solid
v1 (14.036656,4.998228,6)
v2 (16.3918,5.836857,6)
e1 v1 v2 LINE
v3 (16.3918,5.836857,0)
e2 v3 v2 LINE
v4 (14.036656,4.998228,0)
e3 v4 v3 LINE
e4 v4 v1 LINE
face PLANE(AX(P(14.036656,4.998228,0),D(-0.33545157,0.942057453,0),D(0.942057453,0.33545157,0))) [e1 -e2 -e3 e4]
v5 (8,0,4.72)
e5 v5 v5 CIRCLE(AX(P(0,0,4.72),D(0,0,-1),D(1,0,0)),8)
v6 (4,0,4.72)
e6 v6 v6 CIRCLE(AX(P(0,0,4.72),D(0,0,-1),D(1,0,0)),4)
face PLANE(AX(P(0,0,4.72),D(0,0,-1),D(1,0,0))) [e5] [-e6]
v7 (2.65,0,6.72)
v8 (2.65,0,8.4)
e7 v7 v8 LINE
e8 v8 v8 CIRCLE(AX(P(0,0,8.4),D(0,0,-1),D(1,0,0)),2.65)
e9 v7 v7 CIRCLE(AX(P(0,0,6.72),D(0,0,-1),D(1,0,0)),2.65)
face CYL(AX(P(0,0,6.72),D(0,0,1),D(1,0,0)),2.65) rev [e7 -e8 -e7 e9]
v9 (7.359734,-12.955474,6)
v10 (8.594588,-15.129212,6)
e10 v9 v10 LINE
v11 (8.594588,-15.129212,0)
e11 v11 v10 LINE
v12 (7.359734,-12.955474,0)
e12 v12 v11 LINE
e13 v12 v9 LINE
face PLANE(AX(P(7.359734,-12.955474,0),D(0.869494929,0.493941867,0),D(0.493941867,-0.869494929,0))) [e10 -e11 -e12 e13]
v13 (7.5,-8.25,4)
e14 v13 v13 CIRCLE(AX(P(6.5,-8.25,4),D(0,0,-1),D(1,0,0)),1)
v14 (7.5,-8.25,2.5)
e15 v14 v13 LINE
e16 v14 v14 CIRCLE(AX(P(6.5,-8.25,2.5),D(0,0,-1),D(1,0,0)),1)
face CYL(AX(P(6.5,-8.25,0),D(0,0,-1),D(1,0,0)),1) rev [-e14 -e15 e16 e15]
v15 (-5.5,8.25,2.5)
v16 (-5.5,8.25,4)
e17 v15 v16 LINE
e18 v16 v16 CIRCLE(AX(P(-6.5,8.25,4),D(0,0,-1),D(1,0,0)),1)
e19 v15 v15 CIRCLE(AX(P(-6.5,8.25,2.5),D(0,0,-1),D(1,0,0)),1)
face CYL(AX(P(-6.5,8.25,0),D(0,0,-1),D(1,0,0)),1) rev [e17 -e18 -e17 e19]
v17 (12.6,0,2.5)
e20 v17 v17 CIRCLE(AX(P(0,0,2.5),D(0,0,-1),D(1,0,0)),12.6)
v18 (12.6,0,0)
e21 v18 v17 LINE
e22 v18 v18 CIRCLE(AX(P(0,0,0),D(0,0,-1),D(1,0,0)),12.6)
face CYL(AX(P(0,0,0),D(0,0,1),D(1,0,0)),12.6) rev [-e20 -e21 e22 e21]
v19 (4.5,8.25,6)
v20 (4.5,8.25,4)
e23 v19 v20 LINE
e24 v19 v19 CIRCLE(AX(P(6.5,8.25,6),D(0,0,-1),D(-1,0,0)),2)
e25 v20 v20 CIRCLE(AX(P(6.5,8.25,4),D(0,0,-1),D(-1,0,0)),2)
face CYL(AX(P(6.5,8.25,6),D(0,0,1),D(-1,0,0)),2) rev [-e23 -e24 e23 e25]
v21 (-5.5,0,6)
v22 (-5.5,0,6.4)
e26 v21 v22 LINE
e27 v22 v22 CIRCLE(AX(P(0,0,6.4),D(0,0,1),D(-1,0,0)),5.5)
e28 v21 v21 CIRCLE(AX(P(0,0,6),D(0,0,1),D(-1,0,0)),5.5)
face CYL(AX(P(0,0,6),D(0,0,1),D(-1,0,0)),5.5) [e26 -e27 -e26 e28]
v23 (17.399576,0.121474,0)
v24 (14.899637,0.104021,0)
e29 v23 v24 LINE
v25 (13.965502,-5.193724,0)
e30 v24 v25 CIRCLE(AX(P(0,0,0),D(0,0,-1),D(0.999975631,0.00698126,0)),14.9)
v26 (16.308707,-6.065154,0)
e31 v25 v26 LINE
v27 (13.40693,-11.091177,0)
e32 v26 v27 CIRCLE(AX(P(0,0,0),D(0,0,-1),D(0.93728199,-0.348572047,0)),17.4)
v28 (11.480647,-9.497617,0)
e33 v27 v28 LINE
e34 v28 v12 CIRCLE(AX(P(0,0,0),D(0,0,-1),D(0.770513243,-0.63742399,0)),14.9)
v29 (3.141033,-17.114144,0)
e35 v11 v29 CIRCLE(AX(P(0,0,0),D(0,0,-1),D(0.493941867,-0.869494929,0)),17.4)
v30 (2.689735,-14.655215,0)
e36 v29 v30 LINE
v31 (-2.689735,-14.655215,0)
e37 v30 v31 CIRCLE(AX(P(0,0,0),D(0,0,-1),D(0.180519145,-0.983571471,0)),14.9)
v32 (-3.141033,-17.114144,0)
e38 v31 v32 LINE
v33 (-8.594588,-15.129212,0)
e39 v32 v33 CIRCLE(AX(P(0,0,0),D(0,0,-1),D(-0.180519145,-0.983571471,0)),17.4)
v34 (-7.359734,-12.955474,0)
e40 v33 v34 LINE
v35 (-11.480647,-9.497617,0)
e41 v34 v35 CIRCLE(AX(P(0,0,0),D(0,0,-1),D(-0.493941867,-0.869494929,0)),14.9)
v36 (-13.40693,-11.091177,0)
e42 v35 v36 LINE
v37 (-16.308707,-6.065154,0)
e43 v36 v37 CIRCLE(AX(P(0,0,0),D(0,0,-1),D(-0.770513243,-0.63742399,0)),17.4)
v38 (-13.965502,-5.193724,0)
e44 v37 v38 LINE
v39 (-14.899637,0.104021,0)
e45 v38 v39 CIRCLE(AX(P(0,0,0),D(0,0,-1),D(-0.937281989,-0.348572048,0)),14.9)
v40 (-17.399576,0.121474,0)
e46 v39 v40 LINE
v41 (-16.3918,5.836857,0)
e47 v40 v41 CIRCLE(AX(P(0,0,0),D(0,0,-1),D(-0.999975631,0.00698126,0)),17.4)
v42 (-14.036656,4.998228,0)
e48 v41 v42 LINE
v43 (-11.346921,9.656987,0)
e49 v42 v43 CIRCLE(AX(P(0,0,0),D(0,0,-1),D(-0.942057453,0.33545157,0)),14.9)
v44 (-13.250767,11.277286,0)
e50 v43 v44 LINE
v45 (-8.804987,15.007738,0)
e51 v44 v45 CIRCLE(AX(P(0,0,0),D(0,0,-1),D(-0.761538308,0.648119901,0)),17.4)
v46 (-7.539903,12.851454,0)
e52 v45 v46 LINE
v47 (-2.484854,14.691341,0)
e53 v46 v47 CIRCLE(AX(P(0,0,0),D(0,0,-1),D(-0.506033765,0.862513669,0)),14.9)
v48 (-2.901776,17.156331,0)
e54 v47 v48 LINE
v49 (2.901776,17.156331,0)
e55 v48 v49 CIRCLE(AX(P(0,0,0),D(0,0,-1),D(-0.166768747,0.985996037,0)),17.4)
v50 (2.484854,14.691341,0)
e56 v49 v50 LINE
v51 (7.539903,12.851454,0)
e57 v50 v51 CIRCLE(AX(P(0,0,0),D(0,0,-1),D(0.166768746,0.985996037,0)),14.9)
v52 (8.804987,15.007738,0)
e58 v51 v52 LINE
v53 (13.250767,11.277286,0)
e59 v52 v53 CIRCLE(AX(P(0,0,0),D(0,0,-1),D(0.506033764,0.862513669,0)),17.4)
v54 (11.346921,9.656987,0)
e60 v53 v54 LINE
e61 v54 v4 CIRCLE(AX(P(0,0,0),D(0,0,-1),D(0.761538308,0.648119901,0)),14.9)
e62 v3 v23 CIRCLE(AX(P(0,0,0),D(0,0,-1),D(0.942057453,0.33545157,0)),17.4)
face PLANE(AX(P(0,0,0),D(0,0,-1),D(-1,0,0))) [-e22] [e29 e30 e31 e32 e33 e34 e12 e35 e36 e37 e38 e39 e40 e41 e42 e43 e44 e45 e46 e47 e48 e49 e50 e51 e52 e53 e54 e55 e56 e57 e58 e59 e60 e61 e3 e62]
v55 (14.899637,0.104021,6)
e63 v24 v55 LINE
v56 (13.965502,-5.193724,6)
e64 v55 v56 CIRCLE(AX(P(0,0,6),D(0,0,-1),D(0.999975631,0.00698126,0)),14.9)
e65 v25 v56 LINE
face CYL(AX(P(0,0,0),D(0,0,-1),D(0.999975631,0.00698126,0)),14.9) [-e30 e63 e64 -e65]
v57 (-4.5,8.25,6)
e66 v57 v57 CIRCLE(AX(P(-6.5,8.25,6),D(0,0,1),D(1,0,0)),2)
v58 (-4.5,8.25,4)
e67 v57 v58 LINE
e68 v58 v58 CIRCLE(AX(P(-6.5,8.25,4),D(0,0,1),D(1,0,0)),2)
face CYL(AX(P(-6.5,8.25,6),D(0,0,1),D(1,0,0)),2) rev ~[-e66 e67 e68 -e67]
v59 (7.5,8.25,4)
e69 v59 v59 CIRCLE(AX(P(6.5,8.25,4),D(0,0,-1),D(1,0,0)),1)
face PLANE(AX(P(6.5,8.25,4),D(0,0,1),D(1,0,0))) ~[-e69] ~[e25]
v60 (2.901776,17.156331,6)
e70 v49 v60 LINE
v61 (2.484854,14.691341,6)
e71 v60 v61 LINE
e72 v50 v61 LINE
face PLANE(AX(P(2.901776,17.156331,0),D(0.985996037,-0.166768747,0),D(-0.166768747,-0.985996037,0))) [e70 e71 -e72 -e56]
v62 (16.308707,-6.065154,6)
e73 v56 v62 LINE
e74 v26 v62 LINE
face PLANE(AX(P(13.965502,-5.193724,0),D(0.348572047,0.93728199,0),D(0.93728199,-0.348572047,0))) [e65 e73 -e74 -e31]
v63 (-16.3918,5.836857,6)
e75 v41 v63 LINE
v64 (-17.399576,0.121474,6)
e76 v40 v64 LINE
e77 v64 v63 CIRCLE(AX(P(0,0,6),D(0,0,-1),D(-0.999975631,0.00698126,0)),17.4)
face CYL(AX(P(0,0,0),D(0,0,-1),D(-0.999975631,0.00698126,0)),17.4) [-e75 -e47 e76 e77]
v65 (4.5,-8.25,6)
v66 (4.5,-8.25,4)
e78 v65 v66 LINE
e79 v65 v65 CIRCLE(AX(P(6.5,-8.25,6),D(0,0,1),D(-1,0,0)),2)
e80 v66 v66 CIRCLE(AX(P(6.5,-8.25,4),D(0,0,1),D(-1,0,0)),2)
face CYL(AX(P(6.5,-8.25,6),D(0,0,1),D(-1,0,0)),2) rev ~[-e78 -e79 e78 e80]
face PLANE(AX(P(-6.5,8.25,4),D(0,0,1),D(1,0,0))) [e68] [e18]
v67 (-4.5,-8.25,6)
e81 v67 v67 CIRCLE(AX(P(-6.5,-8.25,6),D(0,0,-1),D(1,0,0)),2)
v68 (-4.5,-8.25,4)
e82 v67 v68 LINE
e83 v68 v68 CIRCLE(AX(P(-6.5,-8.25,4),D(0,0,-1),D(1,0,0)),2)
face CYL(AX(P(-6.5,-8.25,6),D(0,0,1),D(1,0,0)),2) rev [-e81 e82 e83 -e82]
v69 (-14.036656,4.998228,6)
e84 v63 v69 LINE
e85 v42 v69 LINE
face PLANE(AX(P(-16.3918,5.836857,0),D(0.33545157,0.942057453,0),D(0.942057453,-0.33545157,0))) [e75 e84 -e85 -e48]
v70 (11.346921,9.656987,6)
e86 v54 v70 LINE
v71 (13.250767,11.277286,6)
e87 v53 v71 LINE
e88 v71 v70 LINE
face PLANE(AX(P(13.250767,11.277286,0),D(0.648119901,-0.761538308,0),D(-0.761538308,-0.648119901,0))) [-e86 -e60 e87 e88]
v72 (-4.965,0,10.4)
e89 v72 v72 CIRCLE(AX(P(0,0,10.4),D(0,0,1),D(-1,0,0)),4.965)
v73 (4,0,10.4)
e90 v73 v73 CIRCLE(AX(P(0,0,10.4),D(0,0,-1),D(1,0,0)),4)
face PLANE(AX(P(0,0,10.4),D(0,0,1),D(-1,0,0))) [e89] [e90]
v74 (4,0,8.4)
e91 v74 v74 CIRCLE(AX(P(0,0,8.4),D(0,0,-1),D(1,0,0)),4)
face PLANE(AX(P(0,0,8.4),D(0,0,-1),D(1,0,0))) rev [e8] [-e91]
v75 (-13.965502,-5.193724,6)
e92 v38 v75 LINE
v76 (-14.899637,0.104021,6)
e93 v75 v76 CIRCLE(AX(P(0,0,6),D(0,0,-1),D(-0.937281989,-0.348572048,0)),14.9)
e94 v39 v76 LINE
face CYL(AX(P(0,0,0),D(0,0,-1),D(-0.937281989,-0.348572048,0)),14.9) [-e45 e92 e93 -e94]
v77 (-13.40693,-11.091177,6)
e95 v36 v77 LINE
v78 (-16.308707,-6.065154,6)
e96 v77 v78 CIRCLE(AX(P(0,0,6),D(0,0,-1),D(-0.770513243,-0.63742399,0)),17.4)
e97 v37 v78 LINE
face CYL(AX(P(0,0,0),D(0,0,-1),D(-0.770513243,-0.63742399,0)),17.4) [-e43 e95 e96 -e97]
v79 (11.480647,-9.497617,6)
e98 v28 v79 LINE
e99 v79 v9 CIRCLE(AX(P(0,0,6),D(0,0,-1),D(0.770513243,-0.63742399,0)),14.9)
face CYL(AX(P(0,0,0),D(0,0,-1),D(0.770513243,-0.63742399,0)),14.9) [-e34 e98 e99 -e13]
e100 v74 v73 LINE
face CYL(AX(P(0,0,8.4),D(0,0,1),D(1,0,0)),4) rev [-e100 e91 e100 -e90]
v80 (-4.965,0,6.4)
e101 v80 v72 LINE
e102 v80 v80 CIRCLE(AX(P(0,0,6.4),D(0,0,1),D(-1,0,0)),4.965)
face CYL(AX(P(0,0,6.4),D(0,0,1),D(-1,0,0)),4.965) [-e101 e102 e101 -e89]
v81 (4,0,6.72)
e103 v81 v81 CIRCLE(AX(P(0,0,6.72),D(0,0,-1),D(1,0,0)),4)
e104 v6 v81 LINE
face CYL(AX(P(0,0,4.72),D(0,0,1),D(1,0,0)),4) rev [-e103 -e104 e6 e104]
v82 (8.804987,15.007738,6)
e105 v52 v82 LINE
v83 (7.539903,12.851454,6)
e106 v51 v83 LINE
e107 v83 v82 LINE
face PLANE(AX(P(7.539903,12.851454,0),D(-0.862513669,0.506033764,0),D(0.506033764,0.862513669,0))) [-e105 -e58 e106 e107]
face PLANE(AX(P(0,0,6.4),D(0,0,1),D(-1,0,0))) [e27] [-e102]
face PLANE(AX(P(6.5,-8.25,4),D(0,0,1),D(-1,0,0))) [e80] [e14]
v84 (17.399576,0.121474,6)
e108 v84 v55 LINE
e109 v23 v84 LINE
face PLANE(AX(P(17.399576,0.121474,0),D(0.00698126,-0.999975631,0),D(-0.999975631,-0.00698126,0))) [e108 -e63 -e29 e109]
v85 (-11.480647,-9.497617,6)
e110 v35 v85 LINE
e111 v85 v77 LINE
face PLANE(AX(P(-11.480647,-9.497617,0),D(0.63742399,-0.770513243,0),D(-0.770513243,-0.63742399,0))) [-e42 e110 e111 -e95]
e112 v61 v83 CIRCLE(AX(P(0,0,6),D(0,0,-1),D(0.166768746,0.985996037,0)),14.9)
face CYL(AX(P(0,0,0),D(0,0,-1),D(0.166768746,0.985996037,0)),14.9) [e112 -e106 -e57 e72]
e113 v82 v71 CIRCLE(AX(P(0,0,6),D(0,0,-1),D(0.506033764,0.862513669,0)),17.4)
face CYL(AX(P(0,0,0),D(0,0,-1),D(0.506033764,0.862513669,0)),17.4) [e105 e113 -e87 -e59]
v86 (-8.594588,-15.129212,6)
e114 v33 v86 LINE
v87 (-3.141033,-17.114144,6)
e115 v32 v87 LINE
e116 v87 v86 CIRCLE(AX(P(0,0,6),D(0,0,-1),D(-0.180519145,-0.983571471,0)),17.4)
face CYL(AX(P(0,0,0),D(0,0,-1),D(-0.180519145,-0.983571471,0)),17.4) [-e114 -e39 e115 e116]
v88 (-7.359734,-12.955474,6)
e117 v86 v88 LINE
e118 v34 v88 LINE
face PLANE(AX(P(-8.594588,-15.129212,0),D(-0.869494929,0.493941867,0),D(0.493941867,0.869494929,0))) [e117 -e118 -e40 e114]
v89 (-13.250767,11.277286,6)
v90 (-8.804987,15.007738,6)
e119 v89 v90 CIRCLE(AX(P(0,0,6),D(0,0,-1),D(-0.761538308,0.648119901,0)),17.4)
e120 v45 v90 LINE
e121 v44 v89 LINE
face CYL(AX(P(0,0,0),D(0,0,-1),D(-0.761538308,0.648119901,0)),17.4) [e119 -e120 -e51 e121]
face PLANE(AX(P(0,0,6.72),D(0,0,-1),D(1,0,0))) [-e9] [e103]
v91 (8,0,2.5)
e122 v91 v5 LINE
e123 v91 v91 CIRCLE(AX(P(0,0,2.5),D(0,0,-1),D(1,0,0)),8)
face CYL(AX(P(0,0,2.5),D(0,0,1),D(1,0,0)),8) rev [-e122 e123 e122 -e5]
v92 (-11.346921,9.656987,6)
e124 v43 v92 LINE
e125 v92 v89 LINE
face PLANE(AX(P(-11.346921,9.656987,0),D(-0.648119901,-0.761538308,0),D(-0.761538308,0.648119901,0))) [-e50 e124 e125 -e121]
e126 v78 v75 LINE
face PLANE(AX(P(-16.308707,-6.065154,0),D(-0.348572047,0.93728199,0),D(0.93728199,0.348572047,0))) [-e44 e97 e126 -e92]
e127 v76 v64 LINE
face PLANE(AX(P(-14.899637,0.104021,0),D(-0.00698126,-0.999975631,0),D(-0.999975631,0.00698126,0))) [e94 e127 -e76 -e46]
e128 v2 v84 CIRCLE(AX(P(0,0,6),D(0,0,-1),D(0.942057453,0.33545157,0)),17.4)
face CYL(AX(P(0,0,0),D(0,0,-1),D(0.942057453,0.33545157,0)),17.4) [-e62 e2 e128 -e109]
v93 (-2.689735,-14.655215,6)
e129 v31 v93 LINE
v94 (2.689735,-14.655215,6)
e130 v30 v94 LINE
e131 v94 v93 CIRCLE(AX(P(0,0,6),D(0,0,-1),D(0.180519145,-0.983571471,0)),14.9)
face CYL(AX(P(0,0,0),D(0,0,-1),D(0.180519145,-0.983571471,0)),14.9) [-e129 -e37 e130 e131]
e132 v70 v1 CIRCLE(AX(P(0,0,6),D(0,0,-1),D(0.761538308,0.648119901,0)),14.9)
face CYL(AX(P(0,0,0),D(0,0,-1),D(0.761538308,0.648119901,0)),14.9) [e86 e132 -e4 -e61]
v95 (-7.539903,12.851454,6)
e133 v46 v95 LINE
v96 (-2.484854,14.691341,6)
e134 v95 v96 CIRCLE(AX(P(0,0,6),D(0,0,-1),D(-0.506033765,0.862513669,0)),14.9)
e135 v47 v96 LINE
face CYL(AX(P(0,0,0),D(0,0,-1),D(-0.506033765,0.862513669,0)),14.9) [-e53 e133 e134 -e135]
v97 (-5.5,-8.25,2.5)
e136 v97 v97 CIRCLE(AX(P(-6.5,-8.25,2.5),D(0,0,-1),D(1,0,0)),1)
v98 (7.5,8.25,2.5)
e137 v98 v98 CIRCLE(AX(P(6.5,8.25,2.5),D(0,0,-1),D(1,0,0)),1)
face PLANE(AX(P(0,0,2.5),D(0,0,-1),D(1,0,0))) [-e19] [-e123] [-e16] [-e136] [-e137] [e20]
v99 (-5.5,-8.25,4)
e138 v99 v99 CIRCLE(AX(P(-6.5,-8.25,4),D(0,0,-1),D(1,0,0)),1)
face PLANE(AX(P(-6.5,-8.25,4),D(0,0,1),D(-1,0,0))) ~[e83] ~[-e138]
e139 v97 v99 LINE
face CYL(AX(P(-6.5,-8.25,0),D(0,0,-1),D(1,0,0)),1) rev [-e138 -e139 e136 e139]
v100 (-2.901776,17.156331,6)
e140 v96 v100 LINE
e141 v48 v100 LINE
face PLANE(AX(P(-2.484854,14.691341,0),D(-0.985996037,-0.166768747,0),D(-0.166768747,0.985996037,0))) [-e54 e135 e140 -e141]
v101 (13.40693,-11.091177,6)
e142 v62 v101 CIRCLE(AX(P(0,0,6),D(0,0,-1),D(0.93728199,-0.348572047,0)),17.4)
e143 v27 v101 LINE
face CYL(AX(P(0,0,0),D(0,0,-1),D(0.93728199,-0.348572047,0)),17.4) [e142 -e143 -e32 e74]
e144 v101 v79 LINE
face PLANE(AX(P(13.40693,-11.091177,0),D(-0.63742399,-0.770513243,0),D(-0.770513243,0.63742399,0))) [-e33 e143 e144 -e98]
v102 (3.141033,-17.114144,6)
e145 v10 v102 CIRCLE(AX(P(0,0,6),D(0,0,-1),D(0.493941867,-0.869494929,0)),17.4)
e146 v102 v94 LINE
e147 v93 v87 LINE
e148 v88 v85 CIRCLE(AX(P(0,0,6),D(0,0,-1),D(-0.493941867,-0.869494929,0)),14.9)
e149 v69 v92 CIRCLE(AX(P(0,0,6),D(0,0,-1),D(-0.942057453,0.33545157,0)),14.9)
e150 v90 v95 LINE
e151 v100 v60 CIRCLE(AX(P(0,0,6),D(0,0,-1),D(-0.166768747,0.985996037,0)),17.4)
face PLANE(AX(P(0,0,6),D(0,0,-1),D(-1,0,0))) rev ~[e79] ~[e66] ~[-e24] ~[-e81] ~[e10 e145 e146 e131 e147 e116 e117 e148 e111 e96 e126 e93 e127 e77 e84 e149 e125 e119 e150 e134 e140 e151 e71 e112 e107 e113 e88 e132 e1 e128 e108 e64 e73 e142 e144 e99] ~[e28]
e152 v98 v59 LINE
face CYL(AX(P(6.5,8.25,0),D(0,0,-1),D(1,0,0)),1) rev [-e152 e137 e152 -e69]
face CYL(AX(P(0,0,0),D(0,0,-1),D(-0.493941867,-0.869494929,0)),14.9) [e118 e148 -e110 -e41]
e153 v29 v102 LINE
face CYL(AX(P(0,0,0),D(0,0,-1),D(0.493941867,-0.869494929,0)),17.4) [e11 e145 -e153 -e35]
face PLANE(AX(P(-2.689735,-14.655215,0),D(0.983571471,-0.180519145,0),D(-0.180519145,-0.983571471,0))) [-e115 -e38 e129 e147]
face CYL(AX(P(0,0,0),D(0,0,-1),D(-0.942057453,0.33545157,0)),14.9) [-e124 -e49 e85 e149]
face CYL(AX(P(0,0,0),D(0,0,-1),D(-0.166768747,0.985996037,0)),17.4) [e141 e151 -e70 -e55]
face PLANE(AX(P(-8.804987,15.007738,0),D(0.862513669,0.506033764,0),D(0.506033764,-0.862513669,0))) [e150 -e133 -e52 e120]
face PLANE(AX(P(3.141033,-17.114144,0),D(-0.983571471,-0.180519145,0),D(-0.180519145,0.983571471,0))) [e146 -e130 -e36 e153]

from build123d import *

# Parameters (mm, degrees)
ESQUISSE1_R               = 1
BOSS_EXTRU_2_DEPTH        = 6
ESQUISSE5_R               = 2
ENL_V_MAT_EXTRU_1_DEPTH   = 2
SYM_TRIE2_COPY_1_SKETCH_R = 2
SYM_TRIE2_COPY_1_DEPTH    = 2


with BuildPart() as part:
    # Esquisse1 → Boss.-Extru.2 (new body)
    with BuildSketch(Plane.XY):
        with BuildLine():
            Line((-8.804987496, 15.007737844), (-7.539903085, 12.851453671))
            ThreePointArc((-7.539903085, 12.851453671), (-5.096100136, 14.00142005), (-2.484854326, 14.691340952))
            Line((-2.484854326, 14.691340952), (-2.901776193, 17.156331045))
            ThreePointArc((-2.901776193, 17.156331045), (0, 17.4), (2.901776193, 17.156331045))
            Line((2.901776193, 17.156331045), (2.484854326, 14.691340952))
            ThreePointArc((2.484854326, 14.691340952), (5.096100136, 14.00142005), (7.539903085, 12.851453671))
            Line((7.539903085, 12.851453671), (8.804987496, 15.007737844))
            ThreePointArc((8.804987496, 15.007737844), (11.184504409, 13.32917331), (13.250766551, 11.277286278))
            Line((13.250766551, 11.277286278), (11.346920782, 9.656986526))
            ThreePointArc((11.346920782, 9.656986526), (12.903778516, 7.45), (14.036656047, 4.998228389))
            Line((14.036656047, 4.998228389), (16.391799678, 5.836857314))
            ThreePointArc((16.391799678, 5.836857314), (17.135654902, 3.021478291), (17.399575974, 0.121473929))
            Line((17.399575974, 0.121473929), (14.899636898, 0.104020778))
            ThreePointArc((14.899636898, 0.104020778), (14.67363552, -2.587357847), (13.965501643, -5.193723505))
            Line((13.965501643, -5.193723505), (16.308706617, -6.065153623))
            ThreePointArc((16.308706617, -6.065153623), (15.068842026, -8.7), (13.406930424, -11.091177422))
            Line((13.406930424, -11.091177422), (11.480647317, -9.497617447))
            ThreePointArc((11.480647317, -9.497617447), (9.577535384, -11.414062202), (7.359733812, -12.95547445))
            Line((7.359733812, -12.95547445), (8.594588479, -15.129211773))
            ThreePointArc((8.594588479, -15.129211773), (5.951150494, -16.350651602), (3.141033127, -17.114143592))
            Line((3.141033127, -17.114143592), (2.689735264, -14.655214915))
            ThreePointArc((2.689735264, -14.655214915), (0, -14.9), (-2.689735264, -14.655214915))
            Line((-2.689735264, -14.655214915), (-3.141033127, -17.114143592))
            ThreePointArc((-3.141033127, -17.114143592), (-5.951150494, -16.350651602), (-8.594588479, -15.129211773))
            Line((-8.594588479, -15.129211773), (-7.359733812, -12.95547445))
            ThreePointArc((-7.359733812, -12.95547445), (-9.577535384, -11.414062202), (-11.480647317, -9.497617447))
            Line((-11.480647317, -9.497617447), (-13.406930424, -11.091177422))
            ThreePointArc((-13.406930424, -11.091177422), (-15.068842026, -8.7), (-16.308706617, -6.065153623))
            Line((-16.308706617, -6.065153623), (-13.965501643, -5.193723505))
            ThreePointArc((-13.965501643, -5.193723505), (-14.67363552, -2.587357847), (-14.899636898, 0.104020778))
            Line((-14.899636898, 0.104020778), (-17.399575974, 0.121473929))
            ThreePointArc((-17.399575974, 0.121473929), (-17.135654902, 3.021478291), (-16.391799678, 5.836857314))
            Line((-16.391799678, 5.836857314), (-14.036656047, 4.998228389))
            ThreePointArc((-14.036656047, 4.998228389), (-12.903778516, 7.45), (-11.346920782, 9.656986526))
            Line((-11.346920782, 9.656986526), (-13.250766551, 11.277286278))
            ThreePointArc((-13.250766551, 11.277286278), (-11.184504409, 13.32917331), (-8.804987496, 15.007737844))
        make_face()
        with Locations((-6.5, -8.25)):
            Circle(ESQUISSE1_R, mode=Mode.SUBTRACT)
        with Locations((-6.5, 8.25)):
            Circle(ESQUISSE1_R, mode=Mode.SUBTRACT)
        with Locations((6.5, -8.25)):
            Circle(ESQUISSE1_R, mode=Mode.SUBTRACT)
        with Locations((6.5, 8.25)):
            Circle(ESQUISSE1_R, mode=Mode.SUBTRACT)
    extrude(amount=BOSS_EXTRU_2_DEPTH)

    # Esquisse3 → Révolution1 (revolve)
    with BuildSketch(Plane(origin=(0, 0, 0), x_dir=(1, 0, 0), z_dir=(0, 1, 0))):
        Polygon((0, -6), (-5.5, -6), (-5.5, -6.4), (-4.965, -6.4), (-4.965, -10.4), (0, -10.4), align=None)
    revolve(axis=Axis((0, 0, -3.652866049), (0, 0, 1)))

    # Esquisse4 → Enlèvement de matière-Révolution1 (revolve, cut)
    with BuildSketch(Plane(origin=(0, 0, 0), x_dir=(1, 0, 0), z_dir=(0, 1, 0)), mode=Mode.PRIVATE) as enl_vement_de_mati_re_r_volution1_sk:
        Polygon((-2.65, -6.72), (-2.65, -8.4), (-4, -8.4), (-4, -10.4), (0, -10.4), (0, 0), (-12.6, 0), (-12.6, -2.5), (-8, -2.5), (-8, -4.72), (-4, -4.72), (-4, -6.72), align=None)
    revolve(enl_vement_de_mati_re_r_volution1_sk.sketch.rotate(Axis((0, 0, 13.157502932), (0, 0, -1)), 180), axis=Axis((0, 0, 13.157502932), (0, 0, -1)), mode=Mode.SUBTRACT)

    # Esquisse5 → Enlèv. mat.-Extru.1 (cut)
    with BuildSketch(Plane.XY.offset(6)):
        with Locations((-6.5, 8.25)):
            Circle(ESQUISSE5_R)
    enl_v_mat_extru_1 = extrude(amount=-ENL_V_MAT_EXTRU_1_DEPTH, mode=Mode.SUBTRACT)

    # Symétrie1: Enlèv. mat.-Extru.1 across plane
    add(enl_v_mat_extru_1.mirror(Plane.ZX), mode=Mode.SUBTRACT)

    # Symétrie2: Enlèv. mat.-Extru.1 across plane
    add(enl_v_mat_extru_1.mirror(Plane(origin=(0, 0, 0), x_dir=(0, 0, 1), z_dir=(1, 0, 0))), mode=Mode.SUBTRACT)

    # Symétrie2 copy 1 sketch → Symétrie2 copy 1 (cut)
    with BuildSketch(Plane(origin=(0, 0, 6), x_dir=(-1, 0, 0), z_dir=(0, 0, 1))):
        with Locations((-6.5, 8.25)):
            Circle(SYM_TRIE2_COPY_1_SKETCH_R)
    extrude(amount=-SYM_TRIE2_COPY_1_DEPTH, mode=Mode.SUBTRACT)


solid = part.part
